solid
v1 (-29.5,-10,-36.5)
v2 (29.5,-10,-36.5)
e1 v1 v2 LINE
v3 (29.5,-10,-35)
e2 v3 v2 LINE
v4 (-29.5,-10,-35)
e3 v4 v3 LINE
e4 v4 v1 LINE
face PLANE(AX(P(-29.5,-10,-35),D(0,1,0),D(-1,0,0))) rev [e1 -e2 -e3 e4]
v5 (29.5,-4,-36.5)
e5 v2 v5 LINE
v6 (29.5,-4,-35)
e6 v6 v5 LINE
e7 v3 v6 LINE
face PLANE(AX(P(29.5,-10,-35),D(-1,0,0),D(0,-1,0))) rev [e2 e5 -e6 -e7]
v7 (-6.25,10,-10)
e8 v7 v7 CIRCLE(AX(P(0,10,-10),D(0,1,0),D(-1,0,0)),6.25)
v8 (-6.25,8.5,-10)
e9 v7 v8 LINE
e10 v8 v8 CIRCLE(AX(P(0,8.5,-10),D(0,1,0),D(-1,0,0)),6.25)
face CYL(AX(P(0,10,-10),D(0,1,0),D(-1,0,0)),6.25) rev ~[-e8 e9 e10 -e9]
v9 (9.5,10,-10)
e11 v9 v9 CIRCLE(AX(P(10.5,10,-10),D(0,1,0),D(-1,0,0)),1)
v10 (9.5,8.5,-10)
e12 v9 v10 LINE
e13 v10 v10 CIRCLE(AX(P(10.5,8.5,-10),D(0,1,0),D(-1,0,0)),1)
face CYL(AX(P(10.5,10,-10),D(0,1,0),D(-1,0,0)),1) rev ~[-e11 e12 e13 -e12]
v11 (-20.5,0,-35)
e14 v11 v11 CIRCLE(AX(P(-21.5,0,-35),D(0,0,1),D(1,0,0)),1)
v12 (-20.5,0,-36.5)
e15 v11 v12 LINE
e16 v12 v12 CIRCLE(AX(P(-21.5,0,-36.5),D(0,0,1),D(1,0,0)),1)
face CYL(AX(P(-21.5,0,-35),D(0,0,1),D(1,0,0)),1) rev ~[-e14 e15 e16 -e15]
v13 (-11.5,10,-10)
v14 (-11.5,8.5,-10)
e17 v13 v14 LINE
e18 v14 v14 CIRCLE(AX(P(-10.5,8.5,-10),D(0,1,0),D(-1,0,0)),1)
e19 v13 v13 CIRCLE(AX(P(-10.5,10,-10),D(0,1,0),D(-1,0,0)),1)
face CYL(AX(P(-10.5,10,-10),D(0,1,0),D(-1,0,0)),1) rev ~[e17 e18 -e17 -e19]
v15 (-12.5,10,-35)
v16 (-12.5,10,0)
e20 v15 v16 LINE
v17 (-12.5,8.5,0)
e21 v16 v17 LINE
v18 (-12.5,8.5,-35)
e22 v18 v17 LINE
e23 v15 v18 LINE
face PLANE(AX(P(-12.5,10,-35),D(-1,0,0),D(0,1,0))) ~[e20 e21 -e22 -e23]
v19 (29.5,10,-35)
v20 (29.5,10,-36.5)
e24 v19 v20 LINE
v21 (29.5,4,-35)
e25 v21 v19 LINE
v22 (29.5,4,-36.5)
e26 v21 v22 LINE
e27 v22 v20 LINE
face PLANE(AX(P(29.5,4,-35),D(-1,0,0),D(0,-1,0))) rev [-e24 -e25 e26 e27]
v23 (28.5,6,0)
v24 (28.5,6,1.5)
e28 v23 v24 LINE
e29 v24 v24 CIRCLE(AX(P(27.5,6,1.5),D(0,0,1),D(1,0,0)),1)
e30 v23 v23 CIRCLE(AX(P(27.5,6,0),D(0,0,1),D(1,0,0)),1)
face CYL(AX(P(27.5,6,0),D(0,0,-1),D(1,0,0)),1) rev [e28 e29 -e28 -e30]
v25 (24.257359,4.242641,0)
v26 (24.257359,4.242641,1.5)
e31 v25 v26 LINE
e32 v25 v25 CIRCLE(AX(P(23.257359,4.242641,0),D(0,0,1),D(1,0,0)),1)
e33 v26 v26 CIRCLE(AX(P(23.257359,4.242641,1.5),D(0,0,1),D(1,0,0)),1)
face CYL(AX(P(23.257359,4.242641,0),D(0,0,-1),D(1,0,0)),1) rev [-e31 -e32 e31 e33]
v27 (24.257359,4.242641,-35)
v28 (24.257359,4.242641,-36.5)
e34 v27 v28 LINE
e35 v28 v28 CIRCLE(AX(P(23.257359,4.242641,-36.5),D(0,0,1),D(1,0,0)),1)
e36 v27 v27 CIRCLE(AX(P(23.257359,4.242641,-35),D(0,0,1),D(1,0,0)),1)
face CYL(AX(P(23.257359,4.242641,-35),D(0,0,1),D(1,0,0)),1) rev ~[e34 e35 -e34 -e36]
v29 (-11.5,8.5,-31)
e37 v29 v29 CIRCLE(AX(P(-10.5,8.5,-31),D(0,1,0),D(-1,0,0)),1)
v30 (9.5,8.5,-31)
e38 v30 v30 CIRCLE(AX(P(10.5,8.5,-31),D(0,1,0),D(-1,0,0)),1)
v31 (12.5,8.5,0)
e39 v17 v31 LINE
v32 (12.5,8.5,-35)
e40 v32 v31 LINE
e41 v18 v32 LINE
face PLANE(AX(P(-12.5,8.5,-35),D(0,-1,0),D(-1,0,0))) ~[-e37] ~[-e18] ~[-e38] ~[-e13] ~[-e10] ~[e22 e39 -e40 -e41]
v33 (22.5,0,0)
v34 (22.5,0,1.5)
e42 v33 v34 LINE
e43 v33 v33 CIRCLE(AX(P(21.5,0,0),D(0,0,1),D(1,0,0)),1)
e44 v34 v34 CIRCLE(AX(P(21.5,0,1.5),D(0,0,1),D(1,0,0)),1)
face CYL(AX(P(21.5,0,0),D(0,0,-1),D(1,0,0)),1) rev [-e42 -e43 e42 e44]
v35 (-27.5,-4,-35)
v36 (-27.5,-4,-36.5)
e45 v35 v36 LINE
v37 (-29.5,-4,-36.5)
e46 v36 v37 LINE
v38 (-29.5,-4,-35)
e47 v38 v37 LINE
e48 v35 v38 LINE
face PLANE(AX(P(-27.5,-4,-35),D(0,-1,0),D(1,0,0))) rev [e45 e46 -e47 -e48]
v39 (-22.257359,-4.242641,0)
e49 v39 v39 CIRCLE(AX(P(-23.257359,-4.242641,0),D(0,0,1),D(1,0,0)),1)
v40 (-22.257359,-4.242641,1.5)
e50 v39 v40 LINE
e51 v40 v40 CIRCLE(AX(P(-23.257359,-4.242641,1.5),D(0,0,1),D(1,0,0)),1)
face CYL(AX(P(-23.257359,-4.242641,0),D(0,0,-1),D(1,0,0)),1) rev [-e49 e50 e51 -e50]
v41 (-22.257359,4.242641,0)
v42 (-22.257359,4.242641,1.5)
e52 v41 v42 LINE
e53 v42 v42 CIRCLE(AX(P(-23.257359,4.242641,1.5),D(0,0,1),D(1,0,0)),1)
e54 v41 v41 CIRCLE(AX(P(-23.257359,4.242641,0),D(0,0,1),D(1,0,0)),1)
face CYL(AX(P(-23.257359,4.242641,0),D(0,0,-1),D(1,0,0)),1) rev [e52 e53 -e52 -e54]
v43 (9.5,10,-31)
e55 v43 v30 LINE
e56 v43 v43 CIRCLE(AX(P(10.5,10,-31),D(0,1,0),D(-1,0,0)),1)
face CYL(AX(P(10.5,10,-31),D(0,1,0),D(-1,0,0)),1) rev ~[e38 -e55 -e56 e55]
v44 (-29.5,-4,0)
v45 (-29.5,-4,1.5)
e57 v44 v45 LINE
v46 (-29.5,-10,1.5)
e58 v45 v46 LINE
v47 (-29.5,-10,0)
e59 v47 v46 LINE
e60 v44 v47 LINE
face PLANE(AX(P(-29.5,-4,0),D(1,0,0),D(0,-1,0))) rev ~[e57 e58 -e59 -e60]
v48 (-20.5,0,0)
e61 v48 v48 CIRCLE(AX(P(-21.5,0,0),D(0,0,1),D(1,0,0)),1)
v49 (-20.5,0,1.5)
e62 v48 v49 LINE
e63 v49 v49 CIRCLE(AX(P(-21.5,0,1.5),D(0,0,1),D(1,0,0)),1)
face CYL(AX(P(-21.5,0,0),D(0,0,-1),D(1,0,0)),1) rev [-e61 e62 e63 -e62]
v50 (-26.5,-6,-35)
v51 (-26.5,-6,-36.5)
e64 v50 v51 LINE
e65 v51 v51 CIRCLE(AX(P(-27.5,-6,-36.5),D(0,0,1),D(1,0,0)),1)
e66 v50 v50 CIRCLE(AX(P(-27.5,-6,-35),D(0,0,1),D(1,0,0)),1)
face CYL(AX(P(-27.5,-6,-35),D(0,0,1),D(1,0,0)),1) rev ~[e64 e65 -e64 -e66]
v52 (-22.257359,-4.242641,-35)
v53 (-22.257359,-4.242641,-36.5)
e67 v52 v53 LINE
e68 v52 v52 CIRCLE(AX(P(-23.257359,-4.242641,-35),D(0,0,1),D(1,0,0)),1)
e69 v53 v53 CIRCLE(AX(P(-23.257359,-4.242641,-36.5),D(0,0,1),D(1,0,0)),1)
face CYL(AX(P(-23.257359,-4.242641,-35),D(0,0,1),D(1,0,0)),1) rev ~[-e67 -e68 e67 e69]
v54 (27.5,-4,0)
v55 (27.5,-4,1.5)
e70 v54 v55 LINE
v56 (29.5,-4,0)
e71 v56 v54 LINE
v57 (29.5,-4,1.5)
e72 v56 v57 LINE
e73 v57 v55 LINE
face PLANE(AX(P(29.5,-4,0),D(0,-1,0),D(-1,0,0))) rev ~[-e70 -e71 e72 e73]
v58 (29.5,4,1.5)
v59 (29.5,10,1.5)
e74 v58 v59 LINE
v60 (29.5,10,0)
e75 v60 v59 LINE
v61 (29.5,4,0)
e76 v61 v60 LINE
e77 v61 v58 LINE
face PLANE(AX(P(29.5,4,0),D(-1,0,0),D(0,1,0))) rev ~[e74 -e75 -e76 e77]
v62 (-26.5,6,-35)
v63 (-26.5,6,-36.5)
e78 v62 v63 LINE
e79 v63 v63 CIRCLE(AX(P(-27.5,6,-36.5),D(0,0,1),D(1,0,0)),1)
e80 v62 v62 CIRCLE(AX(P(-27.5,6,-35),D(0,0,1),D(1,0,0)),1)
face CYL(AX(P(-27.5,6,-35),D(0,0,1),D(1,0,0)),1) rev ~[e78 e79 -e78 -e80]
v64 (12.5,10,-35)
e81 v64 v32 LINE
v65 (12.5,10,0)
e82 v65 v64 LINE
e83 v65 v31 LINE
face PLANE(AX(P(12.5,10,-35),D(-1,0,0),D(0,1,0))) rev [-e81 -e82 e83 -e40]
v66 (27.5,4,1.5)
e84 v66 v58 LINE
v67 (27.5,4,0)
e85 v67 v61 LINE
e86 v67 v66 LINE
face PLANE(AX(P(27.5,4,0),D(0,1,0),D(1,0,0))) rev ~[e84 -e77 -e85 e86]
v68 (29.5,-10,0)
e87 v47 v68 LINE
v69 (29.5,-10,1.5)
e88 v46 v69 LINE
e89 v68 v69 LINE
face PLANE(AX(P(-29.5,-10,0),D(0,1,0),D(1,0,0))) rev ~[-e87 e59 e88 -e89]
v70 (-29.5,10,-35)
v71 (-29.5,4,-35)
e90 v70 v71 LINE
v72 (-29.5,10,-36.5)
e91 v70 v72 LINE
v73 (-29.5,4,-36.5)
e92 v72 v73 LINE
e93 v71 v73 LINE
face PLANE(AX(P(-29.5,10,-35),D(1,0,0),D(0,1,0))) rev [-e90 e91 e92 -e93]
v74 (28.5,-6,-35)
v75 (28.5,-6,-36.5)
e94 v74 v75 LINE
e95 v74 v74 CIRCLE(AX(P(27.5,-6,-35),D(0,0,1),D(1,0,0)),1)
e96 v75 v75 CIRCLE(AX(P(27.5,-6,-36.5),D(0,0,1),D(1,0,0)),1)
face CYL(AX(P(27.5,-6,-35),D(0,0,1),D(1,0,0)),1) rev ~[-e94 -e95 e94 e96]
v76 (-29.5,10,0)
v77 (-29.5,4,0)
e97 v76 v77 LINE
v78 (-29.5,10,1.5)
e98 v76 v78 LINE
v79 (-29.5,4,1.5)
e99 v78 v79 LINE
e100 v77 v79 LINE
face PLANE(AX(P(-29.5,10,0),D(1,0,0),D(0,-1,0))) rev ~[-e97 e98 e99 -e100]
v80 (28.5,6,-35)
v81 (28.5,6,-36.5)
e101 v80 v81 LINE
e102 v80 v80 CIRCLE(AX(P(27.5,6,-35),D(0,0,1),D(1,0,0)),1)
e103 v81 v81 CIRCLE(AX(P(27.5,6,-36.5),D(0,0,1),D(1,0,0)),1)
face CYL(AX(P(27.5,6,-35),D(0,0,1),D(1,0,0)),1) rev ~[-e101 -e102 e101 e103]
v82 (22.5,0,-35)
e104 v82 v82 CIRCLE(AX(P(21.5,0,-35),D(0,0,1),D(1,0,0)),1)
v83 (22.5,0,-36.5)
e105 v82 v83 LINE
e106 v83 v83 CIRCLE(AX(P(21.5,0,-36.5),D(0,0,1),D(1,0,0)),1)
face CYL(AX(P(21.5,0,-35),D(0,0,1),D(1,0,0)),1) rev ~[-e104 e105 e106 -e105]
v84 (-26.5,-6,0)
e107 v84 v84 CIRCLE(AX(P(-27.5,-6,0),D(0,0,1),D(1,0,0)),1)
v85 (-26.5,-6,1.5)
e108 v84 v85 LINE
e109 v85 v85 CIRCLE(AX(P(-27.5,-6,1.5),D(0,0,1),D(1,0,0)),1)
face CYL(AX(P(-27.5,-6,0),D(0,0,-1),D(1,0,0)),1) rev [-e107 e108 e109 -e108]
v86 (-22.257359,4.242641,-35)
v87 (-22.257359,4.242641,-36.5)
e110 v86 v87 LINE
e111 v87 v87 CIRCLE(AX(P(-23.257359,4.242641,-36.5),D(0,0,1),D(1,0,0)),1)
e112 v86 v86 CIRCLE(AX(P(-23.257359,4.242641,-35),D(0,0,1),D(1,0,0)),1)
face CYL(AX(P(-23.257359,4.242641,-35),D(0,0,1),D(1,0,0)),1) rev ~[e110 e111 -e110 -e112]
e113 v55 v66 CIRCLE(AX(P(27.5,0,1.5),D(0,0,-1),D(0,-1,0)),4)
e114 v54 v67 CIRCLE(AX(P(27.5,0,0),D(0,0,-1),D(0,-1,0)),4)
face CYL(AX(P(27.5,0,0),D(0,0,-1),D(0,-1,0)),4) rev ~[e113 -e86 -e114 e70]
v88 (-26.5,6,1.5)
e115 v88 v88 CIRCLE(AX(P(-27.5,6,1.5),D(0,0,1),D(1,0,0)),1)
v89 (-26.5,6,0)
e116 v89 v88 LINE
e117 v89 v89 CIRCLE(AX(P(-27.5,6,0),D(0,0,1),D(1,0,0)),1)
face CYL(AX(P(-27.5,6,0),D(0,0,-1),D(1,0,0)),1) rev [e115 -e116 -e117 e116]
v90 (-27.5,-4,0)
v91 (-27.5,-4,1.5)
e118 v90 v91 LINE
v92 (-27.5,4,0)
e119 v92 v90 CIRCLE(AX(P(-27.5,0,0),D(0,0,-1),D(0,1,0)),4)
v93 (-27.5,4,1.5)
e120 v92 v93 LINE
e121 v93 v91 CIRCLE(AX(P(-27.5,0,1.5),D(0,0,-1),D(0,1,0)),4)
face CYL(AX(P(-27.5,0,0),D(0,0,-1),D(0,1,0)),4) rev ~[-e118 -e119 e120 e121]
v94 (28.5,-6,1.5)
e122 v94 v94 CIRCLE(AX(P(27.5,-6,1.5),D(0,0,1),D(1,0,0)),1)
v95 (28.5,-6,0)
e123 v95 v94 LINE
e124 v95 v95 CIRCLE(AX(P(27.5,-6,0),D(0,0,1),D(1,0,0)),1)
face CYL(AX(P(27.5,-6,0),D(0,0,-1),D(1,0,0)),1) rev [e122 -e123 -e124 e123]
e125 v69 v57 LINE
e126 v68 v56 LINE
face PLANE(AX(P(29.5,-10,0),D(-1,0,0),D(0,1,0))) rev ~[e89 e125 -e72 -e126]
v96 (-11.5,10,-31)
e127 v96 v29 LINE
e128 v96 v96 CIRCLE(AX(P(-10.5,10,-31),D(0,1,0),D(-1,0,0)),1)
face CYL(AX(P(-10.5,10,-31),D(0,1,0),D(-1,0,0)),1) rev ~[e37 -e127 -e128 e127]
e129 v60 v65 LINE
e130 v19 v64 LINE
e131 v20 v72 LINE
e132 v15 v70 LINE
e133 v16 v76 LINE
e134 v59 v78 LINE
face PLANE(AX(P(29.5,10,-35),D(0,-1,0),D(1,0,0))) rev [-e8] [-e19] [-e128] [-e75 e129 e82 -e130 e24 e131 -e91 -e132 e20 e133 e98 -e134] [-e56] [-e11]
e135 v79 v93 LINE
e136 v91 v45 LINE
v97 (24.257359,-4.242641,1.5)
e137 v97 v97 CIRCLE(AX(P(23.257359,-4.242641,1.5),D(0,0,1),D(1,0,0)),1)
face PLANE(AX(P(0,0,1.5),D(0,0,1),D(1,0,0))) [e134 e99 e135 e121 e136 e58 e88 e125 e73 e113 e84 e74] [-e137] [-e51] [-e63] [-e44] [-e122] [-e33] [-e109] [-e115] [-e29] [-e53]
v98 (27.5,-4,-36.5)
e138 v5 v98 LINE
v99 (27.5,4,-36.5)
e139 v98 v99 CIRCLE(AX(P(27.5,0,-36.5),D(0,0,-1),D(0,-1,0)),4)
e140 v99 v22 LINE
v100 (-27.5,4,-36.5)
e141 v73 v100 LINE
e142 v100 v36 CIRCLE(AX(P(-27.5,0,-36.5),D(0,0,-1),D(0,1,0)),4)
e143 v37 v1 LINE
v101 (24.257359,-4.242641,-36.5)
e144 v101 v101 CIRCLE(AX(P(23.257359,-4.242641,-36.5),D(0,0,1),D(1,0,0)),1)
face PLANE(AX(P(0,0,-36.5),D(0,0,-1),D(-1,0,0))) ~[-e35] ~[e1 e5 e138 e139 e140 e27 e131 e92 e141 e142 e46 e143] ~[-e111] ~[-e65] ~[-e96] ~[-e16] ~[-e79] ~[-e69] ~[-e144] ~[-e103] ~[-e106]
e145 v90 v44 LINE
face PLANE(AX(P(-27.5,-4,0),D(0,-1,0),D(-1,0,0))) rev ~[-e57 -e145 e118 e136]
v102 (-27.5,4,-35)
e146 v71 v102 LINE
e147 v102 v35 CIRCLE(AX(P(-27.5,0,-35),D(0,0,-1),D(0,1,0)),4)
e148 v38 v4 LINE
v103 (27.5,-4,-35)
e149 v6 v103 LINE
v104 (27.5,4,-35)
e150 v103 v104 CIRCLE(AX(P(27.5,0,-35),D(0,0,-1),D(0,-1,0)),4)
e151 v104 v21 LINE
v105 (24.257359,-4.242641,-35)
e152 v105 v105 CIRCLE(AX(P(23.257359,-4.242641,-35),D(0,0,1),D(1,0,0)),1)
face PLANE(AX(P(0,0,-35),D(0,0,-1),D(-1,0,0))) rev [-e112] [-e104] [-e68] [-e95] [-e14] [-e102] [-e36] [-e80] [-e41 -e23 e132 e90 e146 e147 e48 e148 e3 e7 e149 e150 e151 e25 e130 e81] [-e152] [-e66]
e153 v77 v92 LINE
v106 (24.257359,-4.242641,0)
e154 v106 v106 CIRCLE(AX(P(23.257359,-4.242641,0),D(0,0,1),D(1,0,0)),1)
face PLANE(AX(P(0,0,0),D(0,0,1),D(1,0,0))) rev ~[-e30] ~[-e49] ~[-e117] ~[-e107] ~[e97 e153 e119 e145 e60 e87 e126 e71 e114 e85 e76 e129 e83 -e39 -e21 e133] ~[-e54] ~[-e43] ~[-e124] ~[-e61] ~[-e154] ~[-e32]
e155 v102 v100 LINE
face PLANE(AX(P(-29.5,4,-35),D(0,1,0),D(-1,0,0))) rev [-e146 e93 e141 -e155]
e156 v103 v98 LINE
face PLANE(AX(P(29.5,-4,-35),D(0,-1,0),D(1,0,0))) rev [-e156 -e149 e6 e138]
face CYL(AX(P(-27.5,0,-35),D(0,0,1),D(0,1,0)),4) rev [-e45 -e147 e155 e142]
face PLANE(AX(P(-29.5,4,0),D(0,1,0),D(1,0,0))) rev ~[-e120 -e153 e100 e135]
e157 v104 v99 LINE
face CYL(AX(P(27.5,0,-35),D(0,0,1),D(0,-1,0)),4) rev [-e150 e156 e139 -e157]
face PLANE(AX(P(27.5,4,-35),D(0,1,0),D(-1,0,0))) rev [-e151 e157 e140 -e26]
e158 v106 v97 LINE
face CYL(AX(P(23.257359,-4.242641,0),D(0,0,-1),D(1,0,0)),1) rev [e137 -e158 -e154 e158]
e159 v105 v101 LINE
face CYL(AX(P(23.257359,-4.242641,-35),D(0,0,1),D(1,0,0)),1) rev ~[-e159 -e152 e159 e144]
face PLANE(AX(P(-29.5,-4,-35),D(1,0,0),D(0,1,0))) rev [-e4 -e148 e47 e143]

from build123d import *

# Parameters (mm, degrees)
F0_R     = 1
F1_DEPTH = 1.5
F2_W     = 25
F2_H     = 1.5
F3_DEPTH = 17.5
F6_R     = 1
F6_R_2   = 6.25
F7_DEPTH = 1.5


with BuildPart() as f1:
    # F0 (on Top) → F1 (new body)
    with BuildSketch(Plane.XY):
        with BuildLine():
            Line((-29.5, -10), (29.5, -10))
            Line((29.5, -10), (29.5, -4))
            Line((29.5, -4), (27.5, -4))
            ThreePointArc((27.5, -4), (23.5, 0), (27.5, 4))
            Line((27.5, 4), (29.5, 4))
            Line((29.5, 4), (29.5, 10))
            Line((29.5, 10), (-29.5, 10))
            Line((-29.5, 10), (-29.5, 4))
            Line((-29.5, 4), (-27.5, 4))
            ThreePointArc((-27.5, 4), (-23.5, 0), (-27.5, -4))
            Line((-27.5, -4), (-29.5, -4))
            Line((-29.5, -4), (-29.5, -10))
        make_face()
        with Locations((-27.5, -6)):
            Circle(F0_R, mode=Mode.SUBTRACT)
        with Locations((-23.257359, -4.242641)):
            Circle(F0_R, mode=Mode.SUBTRACT)
        with Locations((27.5, -6)):
            Circle(F0_R, mode=Mode.SUBTRACT)
        with Locations((23.257359, -4.242641)):
            Circle(F0_R, mode=Mode.SUBTRACT)
        with Locations((-21.5, 0)):
            Circle(F0_R, mode=Mode.SUBTRACT)
        with Locations((-23.257359, 4.242641)):
            Circle(F0_R, mode=Mode.SUBTRACT)
        with Locations((-27.5, 6)):
            Circle(F0_R, mode=Mode.SUBTRACT)
        with Locations((21.5, 0)):
            Circle(F0_R, mode=Mode.SUBTRACT)
        with Locations((23.257359, 4.242641)):
            Circle(F0_R, mode=Mode.SUBTRACT)
        with Locations((27.5, 6)):
            Circle(F0_R, mode=Mode.SUBTRACT)
    extrude(amount=F1_DEPTH)

    # F2 (on face) → F3 (join)
    with BuildSketch(Plane(origin=(0, 0, 0), x_dir=(1, 0, 0), z_dir=(0, 0, -1))):
        with Locations((0, -9.25)):
            Rectangle(F2_W, F2_H)
    extrude(amount=F3_DEPTH)

    # F5: F1 across plane


with BuildPart() as f1_1:
    add(f1.part)
    add(f1.part.mirror(Plane.XY.offset(-17.5)))

    # F6 (on face) → F7 (cut, through all)
    with BuildSketch(Plane(origin=(0, 10, 0), x_dir=(-1, 0, 0), z_dir=(0, 1, 0))):
        with Locations((10.5, -10)):
            Circle(F6_R)
        with Locations((10.5, -31)):
            Circle(F6_R)
        with Locations((0, -10)):
            Circle(F6_R_2)
        with Locations((-10.5, -10)):
            Circle(F6_R)
        with Locations((-10.5, -31)):
            Circle(F6_R)
    extrude(amount=-F7_DEPTH, mode=Mode.SUBTRACT)


solid = f1_1.part
